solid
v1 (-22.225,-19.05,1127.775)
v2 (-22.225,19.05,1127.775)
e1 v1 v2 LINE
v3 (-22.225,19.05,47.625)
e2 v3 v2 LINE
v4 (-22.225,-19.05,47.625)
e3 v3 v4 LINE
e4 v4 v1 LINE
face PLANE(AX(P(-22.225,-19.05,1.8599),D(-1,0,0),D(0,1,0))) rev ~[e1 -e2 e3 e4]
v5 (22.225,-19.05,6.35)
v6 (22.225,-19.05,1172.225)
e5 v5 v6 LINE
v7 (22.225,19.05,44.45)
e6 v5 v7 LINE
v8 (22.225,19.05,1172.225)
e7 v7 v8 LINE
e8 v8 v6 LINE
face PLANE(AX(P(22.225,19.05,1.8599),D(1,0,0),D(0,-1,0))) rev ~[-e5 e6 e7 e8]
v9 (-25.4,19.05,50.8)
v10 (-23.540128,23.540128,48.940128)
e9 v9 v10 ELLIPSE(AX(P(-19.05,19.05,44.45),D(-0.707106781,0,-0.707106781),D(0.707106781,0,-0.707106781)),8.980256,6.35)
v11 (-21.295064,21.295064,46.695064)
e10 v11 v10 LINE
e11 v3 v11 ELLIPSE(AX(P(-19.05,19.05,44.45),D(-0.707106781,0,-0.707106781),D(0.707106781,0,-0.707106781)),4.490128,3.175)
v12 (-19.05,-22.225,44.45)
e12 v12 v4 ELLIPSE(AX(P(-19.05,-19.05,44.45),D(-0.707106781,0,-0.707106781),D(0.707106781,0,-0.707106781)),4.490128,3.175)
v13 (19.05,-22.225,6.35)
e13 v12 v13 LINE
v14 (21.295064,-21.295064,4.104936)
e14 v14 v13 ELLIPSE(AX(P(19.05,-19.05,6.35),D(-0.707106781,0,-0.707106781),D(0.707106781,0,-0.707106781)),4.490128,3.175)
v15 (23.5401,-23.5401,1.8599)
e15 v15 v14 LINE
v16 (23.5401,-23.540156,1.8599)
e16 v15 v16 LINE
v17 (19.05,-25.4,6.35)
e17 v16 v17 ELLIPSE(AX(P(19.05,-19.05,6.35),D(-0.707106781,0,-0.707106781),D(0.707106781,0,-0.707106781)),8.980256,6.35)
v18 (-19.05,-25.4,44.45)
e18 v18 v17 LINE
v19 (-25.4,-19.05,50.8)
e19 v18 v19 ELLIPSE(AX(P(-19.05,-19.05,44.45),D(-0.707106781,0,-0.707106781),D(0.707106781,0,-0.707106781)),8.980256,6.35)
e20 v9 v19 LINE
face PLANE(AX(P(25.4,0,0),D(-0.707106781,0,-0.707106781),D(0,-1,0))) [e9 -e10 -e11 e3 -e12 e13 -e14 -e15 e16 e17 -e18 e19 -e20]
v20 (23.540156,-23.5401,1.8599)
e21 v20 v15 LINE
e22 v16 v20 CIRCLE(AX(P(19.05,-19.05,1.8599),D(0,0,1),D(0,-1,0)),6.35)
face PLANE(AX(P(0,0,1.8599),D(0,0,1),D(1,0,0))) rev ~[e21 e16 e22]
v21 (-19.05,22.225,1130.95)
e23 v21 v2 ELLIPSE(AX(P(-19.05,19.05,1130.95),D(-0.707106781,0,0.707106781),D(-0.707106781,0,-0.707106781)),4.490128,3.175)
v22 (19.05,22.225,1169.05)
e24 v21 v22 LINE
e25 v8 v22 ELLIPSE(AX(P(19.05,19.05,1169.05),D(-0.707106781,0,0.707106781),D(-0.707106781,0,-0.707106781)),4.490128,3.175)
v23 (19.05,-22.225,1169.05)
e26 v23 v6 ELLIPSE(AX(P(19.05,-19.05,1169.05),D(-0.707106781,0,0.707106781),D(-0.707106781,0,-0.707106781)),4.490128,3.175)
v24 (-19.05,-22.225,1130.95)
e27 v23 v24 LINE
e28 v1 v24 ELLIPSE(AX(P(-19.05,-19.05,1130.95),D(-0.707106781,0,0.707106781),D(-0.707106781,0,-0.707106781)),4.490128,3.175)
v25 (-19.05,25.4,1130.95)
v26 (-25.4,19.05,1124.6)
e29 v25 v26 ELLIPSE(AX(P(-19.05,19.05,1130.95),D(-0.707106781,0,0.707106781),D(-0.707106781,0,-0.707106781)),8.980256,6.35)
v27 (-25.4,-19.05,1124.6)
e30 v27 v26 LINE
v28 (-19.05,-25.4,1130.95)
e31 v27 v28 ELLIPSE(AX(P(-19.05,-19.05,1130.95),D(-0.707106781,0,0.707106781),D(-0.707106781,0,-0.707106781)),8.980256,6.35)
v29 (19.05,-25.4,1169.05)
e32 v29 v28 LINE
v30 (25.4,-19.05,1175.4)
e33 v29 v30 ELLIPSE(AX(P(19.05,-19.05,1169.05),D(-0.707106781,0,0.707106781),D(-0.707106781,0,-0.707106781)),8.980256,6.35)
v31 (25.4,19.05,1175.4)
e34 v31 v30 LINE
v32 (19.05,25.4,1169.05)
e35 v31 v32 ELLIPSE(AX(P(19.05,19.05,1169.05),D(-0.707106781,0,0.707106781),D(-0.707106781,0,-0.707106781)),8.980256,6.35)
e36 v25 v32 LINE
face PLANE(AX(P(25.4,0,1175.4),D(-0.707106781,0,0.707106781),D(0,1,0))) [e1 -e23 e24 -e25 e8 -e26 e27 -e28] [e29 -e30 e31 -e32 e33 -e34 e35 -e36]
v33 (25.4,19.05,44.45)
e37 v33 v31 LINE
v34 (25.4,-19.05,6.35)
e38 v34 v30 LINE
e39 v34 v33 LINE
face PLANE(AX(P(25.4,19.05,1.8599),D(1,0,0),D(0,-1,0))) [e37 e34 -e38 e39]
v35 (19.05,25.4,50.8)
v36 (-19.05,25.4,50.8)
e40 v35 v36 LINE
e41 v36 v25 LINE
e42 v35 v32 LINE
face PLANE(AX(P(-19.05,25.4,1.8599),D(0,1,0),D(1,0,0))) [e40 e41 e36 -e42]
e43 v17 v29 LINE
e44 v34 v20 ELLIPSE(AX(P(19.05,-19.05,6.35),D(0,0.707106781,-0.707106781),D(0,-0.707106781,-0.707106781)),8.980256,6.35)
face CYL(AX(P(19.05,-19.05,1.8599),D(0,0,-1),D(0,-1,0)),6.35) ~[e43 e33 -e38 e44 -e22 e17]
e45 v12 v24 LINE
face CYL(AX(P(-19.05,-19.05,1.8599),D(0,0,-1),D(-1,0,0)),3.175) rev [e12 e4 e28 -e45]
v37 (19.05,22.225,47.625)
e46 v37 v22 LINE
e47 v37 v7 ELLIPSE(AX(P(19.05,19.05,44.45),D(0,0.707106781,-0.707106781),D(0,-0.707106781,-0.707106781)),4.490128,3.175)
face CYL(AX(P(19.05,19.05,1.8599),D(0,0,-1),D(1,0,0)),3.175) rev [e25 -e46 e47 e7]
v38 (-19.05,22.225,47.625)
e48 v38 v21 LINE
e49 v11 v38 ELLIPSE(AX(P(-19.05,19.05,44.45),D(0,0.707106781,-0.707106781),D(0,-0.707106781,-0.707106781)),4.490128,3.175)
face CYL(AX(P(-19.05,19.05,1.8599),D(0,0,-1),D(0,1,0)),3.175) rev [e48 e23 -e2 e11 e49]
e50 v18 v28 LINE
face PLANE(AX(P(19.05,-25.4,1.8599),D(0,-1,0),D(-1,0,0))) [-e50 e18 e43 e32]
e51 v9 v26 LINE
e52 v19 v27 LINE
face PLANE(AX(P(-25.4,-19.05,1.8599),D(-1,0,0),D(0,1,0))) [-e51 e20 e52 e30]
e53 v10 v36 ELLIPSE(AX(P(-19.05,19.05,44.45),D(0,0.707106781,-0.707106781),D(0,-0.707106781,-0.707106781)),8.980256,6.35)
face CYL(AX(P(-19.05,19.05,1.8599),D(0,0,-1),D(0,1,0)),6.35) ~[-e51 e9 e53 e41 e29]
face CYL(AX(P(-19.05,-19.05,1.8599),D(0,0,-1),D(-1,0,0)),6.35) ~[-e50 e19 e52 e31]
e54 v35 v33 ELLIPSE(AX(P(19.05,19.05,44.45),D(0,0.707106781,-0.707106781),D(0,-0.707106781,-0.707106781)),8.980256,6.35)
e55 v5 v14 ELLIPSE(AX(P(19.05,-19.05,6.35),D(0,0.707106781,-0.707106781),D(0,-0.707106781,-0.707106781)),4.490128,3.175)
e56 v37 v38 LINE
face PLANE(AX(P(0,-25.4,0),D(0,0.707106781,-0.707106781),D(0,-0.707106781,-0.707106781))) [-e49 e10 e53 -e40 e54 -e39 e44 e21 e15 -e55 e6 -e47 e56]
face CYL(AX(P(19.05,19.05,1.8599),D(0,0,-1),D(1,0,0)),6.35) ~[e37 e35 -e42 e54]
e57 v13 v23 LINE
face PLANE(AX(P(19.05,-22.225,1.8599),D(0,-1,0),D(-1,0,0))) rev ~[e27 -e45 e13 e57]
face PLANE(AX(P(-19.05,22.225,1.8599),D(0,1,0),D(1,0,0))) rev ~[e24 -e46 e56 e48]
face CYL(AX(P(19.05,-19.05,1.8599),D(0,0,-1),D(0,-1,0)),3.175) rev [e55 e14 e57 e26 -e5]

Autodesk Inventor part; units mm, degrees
ref_plane "Plano inicial" through (0, 0, 1.8599) normal (0, 0, 1) x (1, 0, 0)
ref_plane "Plano final" through (0, 0, 1175.4) normal (0, 0, 1) x (1, 0, 0)
sketch "Boceto" plane through (0, 0, 0) normal (0, 0, 1) x (1, 0, 0)
  line L0 (-25.4, -19.05) -> (-25.4, 19.05)
  line L1 (-19.05, 25.4) -> (19.05, 25.4)
  line L2 (25.4, 19.05) -> (25.4, -19.05)
  line L3 (19.05, -25.4) -> (-19.05, -25.4)
  arc A0 (-25.4, -19.05) -> (-19.05, -25.4) centre (-19.05, -19.05) ccw
  arc A1 (-19.05, 25.4) -> (-25.4, 19.05) centre (-19.05, 19.05) ccw
  arc A2 (25.4, 19.05) -> (19.05, 25.4) centre (19.05, 19.05) ccw
  arc A3 (19.05, -25.4) -> (25.4, -19.05) centre (19.05, -19.05) ccw
  arc A4 (-19.05, 22.225) -> (-22.225, 19.05) centre (-19.05, 19.05) ccw
  line L4 (-19.05, 22.225) -> (19.05, 22.225)
  arc A5 (22.225, 19.05) -> (19.05, 22.225) centre (19.05, 19.05) ccw
  line L5 (22.225, 19.05) -> (22.225, -19.05)
  arc A6 (19.05, -22.225) -> (22.225, -19.05) centre (19.05, -19.05) ccw
  line L6 (19.05, -22.225) -> (-19.05, -22.225)
  arc A7 (-22.225, -19.05) -> (-19.05, -22.225) centre (-19.05, -19.05) ccw
  line L7 (-22.225, -19.05) -> (-22.225, 19.05)
  line L8 (0, 37.4012) -> (0, -37.4012) construction
  line L9 (-37.4012, 0) -> (37.4012, 0) construction
  dimension "d10" = 50.8
  dimension "d11" = 50.8
  dimension "d12" = 3.175
  dimension "d15" = 25.4
  dimension "d16" = 25.4
  dimension "d17" = 6.35
extrude "Cuerpo" add sketch "Boceto" along normal up to surface (1173.5401 mm away) from surface at 1.8599
sketch "Sketch3" plane through (0, 0, 0) normal (0, 0, 1) x (1, 0, 0)
  line L0 (0, 0) -> (10, 0)
ref_plane "Work Plane3" through (0, 0, 0) normal (0, -1, 0) x (1, 0, 0)
ref_plane "Plano de trabajo4" through (25.4, 0, 1175.4) normal (-0.7071, 0, 0.7071) x (0.7071, 0, 0.7071)
split "Dividir1" plane through (25.4, 0, 1175.4) removes the side toward (-0.7071, 0, 0.7071)
ref_plane "Plano de trabajo5" through (0, -25.4, 0) normal (0, 0.7071, -0.7071) x (1, 0, 0)
split "Dividir2" plane through (0, -25.4, 0) removes the side toward (0, 0.7071, -0.7071)
ref_plane "Plano de trabajo6" through (25.4, 0, 0) normal (-0.7071, 0, -0.7071) x (-0.7071, 0, 0.7071)
split "Dividir3" plane through (25.4, 0, 0) removes the side toward (-0.7071, 0, -0.7071)
sketch "Sketch4" plane through (0, 0, 0) normal (0, -1, 0) x (1, 0, 0)
  line L0 (-2, 1.8599) -> (12, 1.8599) projected
  line L1 (-2, 1175.4) -> (12, 1175.4) projected
  dimension "d19" = 1173.5401
equation "\"d10\" = G_H"
equation "\"d11\" = G_W"
equation "\"d12\" = G_T"
equation "\"d15\" = 0.5 * d10"
equation "\"d16\" = 0.5 * d11"
equation "\"d17\" = G_IR"
equation "\"d3\" = G_L"
equation "\"G_W\" = 50.8"
equation "\"G_H\" = 50.8"
equation "\"G_T\" = 3.175"
equation "\"G_IR\" = 6.35"
equation "\"G_L\" = d19"
equation "\"G_OFFSET_START\" = -1.85987"
equation "\"G_OFFSET_END\" = 25.4"
equation "\"d13\" = -G_OFFSET_START"
equation "\"d14\" = G_OFFSET_END + B_L"
equation "\"B_L\" = 1150"
properties part number "AISC - 2 x 2 x 1/8 - 46,202" material "Acero, suave"
